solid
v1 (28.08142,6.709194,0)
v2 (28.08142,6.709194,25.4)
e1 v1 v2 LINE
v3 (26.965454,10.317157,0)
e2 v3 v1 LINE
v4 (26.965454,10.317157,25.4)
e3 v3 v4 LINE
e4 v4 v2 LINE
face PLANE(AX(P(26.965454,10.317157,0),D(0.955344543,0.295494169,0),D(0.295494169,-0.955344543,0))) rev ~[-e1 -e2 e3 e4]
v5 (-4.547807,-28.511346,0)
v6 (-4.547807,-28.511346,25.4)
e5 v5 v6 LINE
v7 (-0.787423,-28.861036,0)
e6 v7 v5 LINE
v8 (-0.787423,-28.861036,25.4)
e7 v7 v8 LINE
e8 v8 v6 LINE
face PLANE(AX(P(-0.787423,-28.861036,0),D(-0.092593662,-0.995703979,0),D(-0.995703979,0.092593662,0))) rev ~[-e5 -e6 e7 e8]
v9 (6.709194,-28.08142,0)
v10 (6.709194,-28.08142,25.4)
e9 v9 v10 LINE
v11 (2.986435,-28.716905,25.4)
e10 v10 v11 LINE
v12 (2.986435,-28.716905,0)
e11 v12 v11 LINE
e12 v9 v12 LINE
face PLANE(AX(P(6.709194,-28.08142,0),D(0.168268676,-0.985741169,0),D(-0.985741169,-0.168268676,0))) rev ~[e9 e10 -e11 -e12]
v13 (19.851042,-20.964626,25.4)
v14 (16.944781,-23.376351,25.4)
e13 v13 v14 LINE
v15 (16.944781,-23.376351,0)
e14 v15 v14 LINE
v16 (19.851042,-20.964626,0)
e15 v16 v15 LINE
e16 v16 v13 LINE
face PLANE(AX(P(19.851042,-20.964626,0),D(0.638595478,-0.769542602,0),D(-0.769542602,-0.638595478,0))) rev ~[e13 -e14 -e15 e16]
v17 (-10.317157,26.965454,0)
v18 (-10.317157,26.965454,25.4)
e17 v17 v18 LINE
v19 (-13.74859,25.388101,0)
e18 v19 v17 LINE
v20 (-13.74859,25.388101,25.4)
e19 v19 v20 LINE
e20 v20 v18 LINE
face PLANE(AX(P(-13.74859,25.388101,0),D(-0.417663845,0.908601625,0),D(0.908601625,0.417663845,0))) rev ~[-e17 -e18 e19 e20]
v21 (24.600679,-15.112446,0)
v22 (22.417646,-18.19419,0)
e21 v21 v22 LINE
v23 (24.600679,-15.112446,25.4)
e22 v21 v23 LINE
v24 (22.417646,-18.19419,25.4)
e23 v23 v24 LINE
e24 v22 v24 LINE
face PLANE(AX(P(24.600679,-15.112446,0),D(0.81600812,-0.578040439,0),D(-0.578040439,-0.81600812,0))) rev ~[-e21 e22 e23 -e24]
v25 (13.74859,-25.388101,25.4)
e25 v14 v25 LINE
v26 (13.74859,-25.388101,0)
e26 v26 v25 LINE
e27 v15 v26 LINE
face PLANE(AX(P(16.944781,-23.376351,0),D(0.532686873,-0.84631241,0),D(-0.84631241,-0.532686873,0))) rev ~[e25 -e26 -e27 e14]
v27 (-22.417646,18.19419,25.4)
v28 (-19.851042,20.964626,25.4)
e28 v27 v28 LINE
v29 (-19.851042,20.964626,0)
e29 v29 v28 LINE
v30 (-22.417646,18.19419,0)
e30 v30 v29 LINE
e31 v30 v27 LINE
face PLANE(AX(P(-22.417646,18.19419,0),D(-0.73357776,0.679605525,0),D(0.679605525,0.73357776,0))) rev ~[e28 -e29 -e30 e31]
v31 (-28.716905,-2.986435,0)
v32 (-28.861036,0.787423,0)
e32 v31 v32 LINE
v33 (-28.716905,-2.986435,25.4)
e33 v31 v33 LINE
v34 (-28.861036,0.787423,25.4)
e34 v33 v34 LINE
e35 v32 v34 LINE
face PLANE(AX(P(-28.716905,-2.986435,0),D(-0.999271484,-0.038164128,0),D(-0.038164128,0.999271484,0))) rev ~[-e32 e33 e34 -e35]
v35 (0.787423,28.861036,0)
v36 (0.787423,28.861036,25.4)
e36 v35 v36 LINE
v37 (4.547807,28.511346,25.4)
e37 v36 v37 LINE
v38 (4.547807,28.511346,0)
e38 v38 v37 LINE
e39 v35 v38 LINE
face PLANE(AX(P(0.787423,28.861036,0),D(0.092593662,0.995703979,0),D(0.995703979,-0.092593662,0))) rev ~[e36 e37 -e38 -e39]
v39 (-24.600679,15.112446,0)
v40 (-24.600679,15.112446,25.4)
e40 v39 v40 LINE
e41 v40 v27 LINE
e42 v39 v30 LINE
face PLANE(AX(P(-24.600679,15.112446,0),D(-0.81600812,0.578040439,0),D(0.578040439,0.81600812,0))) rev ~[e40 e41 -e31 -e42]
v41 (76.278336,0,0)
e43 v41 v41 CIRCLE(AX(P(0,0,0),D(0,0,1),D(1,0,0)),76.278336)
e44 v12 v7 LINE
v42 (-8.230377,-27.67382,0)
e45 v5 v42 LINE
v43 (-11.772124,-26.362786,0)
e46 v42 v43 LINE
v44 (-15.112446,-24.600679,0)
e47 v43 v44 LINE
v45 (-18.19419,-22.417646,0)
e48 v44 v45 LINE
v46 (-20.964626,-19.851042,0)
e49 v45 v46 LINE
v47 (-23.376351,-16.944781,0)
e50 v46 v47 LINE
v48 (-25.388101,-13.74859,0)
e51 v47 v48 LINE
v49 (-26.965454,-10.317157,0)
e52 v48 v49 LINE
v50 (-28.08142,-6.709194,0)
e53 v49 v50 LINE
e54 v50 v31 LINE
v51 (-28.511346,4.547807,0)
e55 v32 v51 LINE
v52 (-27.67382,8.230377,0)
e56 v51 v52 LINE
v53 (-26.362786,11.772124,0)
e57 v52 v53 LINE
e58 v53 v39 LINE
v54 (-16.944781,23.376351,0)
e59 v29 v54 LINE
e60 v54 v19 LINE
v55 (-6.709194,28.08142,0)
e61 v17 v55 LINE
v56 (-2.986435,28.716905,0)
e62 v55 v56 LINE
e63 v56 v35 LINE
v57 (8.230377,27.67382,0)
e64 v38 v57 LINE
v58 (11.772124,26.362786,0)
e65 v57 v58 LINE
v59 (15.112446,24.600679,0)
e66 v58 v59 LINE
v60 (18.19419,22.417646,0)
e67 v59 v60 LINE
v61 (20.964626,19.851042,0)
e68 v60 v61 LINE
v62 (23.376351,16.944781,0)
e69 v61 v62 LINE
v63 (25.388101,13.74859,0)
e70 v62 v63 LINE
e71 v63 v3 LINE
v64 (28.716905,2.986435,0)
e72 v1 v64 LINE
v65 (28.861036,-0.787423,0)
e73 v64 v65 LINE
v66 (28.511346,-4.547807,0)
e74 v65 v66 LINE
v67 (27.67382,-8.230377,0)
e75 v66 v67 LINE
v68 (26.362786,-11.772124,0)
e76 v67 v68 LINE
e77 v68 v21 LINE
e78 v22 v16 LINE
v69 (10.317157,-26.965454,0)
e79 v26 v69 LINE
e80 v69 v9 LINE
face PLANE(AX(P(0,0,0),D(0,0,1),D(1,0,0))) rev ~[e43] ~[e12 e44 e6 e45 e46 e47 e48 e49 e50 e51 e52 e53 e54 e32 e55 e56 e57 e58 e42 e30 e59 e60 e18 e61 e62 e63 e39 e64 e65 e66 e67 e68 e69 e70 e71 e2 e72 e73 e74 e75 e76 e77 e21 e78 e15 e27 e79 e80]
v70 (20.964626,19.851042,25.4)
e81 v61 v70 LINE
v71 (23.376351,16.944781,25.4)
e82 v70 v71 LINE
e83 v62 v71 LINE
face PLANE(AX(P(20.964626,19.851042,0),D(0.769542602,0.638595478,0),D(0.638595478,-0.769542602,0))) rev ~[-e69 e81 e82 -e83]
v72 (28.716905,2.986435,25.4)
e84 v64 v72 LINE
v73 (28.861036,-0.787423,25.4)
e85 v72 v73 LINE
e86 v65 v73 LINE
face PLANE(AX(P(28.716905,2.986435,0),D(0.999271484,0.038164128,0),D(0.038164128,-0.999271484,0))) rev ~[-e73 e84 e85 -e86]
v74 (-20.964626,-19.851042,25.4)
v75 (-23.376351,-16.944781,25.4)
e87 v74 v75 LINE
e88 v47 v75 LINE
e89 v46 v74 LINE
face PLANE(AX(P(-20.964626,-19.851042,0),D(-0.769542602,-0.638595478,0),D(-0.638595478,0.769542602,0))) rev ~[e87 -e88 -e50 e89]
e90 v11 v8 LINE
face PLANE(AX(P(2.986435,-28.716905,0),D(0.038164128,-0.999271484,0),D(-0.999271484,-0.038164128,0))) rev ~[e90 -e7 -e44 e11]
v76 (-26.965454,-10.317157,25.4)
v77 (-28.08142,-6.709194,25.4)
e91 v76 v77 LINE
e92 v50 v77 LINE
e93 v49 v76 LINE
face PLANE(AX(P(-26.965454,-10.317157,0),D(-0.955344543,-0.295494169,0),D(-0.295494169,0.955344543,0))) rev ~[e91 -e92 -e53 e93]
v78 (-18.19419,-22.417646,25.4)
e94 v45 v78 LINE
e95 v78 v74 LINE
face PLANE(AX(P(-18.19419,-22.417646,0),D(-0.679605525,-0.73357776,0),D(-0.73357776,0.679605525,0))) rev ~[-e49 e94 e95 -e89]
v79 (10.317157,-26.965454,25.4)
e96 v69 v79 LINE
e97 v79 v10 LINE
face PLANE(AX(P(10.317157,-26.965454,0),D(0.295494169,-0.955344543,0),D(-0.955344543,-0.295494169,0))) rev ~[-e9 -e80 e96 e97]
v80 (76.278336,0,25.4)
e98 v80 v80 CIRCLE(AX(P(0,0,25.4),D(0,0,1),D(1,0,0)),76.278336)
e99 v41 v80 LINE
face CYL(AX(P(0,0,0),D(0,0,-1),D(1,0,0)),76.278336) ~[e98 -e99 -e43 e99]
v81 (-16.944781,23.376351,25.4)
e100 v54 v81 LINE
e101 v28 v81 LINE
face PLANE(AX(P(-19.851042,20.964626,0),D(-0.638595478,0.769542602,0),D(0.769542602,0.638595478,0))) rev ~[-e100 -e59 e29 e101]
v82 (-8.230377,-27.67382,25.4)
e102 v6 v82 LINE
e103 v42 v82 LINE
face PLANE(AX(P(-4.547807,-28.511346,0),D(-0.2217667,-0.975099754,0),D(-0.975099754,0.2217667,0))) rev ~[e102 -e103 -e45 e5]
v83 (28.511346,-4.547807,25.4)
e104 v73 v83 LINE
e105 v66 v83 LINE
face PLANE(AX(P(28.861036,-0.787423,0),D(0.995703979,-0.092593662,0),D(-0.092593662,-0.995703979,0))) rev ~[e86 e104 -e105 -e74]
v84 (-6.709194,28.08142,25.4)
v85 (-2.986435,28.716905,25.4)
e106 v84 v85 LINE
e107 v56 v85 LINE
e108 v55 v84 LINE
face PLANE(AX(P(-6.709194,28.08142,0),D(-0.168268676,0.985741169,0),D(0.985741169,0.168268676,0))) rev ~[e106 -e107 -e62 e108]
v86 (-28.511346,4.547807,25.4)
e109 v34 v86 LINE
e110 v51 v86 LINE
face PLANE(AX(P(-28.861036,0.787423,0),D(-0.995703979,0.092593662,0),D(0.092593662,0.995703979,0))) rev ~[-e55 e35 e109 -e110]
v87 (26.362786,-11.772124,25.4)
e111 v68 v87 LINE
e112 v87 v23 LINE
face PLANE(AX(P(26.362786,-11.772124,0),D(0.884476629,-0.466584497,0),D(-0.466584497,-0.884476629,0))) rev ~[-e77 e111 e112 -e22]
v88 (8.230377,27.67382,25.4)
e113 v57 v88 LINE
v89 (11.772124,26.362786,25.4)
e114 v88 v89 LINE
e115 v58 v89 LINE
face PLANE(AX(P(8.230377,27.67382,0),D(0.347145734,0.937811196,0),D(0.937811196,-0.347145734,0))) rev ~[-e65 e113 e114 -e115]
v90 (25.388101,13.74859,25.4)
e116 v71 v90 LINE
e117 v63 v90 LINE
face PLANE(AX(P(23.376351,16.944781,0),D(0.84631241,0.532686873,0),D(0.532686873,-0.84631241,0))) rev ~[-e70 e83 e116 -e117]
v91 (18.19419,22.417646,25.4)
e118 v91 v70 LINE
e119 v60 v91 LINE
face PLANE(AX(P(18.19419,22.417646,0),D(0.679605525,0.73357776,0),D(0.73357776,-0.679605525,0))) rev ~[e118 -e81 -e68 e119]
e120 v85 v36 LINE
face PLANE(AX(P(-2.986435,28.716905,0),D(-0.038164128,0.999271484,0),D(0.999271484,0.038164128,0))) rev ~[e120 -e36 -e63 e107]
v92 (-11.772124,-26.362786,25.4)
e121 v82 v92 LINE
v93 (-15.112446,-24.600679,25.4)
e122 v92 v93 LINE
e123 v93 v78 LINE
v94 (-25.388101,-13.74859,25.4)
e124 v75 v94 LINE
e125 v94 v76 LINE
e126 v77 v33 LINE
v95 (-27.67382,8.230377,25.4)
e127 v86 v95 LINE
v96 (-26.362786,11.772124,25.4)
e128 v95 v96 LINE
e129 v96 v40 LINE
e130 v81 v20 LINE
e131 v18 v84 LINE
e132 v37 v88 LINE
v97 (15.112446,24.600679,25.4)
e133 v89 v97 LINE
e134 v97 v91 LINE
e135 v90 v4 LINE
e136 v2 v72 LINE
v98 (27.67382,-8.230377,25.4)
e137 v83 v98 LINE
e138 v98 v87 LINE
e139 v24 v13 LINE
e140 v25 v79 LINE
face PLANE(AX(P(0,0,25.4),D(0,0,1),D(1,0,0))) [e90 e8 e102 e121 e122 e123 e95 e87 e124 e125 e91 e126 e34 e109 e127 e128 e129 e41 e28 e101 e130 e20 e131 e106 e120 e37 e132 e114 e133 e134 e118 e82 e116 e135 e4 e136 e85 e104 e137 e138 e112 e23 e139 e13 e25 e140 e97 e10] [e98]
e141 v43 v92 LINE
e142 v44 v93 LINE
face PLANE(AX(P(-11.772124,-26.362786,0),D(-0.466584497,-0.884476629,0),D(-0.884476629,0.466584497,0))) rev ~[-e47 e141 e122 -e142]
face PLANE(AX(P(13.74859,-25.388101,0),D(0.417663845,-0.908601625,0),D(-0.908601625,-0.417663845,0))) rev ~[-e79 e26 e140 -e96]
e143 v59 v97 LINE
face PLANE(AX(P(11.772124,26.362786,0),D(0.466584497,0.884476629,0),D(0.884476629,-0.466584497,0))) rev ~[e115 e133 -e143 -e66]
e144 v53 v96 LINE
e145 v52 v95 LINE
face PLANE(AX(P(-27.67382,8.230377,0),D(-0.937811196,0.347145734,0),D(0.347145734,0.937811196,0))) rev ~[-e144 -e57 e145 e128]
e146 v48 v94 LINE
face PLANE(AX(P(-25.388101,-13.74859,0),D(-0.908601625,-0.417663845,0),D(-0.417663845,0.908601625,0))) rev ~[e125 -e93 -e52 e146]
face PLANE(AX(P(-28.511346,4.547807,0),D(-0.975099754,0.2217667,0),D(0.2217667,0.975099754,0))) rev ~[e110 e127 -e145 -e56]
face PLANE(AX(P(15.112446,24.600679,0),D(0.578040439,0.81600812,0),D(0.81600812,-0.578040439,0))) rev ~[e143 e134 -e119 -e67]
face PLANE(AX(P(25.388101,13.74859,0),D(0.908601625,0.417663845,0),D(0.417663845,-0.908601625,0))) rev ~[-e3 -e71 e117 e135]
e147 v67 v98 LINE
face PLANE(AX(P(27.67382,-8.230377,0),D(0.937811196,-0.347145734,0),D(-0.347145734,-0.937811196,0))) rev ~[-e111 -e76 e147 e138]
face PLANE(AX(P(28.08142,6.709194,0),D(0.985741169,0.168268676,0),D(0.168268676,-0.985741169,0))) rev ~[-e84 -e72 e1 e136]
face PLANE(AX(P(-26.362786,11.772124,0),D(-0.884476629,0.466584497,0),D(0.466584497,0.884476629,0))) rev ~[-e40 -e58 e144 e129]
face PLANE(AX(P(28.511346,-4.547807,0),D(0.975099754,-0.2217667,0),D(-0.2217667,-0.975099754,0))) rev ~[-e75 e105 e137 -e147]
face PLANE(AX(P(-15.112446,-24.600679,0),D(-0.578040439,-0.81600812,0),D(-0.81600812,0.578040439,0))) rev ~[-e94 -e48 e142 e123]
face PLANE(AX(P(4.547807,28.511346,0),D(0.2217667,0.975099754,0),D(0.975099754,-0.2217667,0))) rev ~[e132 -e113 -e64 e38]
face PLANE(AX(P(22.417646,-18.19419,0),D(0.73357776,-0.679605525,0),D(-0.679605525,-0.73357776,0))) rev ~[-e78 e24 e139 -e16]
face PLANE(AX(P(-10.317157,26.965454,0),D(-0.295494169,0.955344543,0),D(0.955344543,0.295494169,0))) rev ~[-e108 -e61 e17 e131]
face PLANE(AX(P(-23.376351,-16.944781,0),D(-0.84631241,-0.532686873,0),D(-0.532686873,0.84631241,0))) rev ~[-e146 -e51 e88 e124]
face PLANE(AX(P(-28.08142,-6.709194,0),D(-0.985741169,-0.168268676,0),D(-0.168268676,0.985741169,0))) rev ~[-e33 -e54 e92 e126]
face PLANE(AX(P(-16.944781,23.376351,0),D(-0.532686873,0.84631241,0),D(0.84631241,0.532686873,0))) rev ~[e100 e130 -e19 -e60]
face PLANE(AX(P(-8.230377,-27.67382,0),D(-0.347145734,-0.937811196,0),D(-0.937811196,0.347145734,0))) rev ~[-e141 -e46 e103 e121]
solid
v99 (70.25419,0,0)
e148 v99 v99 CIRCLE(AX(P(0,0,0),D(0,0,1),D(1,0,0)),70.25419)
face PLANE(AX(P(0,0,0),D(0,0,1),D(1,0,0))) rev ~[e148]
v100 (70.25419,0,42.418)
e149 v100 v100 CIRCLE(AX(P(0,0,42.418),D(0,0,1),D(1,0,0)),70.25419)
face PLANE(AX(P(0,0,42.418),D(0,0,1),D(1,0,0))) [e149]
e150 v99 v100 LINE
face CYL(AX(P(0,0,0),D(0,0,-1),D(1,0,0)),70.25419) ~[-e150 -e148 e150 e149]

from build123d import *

# Parameters (mm, degrees)
F0_R     = 76.278336
F1_DEPTH = 25.4
F2_R     = 70.25419
F3_DEPTH = 42.418


with BuildPart() as f1:
    # F0 (on Top) → F1 (new body)
    with BuildSketch(Plane.XY):
        Circle(F0_R)
        Polygon((-28.511346, 4.547807), (-27.67382, 8.230377), (-26.362786, 11.772124), (-24.600679, 15.112446), (-22.417646, 18.19419), (-19.851042, 20.964626), (-16.944781, 23.376351), (-13.74859, 25.388101), (-10.317157, 26.965454), (-6.709194, 28.08142), (-2.986435, 28.716905), (0.787423, 28.861036), (4.547807, 28.511346), (8.230377, 27.67382), (11.772124, 26.362786), (15.112446, 24.600679), (18.19419, 22.417646), (20.964626, 19.851042), (23.376351, 16.944781), (25.388101, 13.74859), (26.965454, 10.317157), (28.08142, 6.709194), (28.716905, 2.986435), (28.861036, -0.787423), (28.511346, -4.547807), (27.67382, -8.230377), (26.362786, -11.772124), (24.600679, -15.112446), (22.417646, -18.19419), (19.851042, -20.964626), (16.944781, -23.376351), (13.74859, -25.388101), (10.317157, -26.965454), (6.709194, -28.08142), (2.986435, -28.716905), (-0.787423, -28.861036), (-4.547807, -28.511346), (-8.230377, -27.67382), (-11.772124, -26.362786), (-15.112446, -24.600679), (-18.19419, -22.417646), (-20.964626, -19.851042), (-23.376351, -16.944781), (-25.388101, -13.74859), (-26.965454, -10.317157), (-28.08142, -6.709194), (-28.716905, -2.986435), (-28.861036, 0.787423), align=None, mode=Mode.SUBTRACT)
    extrude(amount=F1_DEPTH)


with BuildPart() as f3:
    # F2 (on Top) → F3 (new body)
    with BuildSketch(Plane.XY):
        Circle(F2_R)
    extrude(amount=F3_DEPTH)


solid = Compound([f1.part, f3.part])
